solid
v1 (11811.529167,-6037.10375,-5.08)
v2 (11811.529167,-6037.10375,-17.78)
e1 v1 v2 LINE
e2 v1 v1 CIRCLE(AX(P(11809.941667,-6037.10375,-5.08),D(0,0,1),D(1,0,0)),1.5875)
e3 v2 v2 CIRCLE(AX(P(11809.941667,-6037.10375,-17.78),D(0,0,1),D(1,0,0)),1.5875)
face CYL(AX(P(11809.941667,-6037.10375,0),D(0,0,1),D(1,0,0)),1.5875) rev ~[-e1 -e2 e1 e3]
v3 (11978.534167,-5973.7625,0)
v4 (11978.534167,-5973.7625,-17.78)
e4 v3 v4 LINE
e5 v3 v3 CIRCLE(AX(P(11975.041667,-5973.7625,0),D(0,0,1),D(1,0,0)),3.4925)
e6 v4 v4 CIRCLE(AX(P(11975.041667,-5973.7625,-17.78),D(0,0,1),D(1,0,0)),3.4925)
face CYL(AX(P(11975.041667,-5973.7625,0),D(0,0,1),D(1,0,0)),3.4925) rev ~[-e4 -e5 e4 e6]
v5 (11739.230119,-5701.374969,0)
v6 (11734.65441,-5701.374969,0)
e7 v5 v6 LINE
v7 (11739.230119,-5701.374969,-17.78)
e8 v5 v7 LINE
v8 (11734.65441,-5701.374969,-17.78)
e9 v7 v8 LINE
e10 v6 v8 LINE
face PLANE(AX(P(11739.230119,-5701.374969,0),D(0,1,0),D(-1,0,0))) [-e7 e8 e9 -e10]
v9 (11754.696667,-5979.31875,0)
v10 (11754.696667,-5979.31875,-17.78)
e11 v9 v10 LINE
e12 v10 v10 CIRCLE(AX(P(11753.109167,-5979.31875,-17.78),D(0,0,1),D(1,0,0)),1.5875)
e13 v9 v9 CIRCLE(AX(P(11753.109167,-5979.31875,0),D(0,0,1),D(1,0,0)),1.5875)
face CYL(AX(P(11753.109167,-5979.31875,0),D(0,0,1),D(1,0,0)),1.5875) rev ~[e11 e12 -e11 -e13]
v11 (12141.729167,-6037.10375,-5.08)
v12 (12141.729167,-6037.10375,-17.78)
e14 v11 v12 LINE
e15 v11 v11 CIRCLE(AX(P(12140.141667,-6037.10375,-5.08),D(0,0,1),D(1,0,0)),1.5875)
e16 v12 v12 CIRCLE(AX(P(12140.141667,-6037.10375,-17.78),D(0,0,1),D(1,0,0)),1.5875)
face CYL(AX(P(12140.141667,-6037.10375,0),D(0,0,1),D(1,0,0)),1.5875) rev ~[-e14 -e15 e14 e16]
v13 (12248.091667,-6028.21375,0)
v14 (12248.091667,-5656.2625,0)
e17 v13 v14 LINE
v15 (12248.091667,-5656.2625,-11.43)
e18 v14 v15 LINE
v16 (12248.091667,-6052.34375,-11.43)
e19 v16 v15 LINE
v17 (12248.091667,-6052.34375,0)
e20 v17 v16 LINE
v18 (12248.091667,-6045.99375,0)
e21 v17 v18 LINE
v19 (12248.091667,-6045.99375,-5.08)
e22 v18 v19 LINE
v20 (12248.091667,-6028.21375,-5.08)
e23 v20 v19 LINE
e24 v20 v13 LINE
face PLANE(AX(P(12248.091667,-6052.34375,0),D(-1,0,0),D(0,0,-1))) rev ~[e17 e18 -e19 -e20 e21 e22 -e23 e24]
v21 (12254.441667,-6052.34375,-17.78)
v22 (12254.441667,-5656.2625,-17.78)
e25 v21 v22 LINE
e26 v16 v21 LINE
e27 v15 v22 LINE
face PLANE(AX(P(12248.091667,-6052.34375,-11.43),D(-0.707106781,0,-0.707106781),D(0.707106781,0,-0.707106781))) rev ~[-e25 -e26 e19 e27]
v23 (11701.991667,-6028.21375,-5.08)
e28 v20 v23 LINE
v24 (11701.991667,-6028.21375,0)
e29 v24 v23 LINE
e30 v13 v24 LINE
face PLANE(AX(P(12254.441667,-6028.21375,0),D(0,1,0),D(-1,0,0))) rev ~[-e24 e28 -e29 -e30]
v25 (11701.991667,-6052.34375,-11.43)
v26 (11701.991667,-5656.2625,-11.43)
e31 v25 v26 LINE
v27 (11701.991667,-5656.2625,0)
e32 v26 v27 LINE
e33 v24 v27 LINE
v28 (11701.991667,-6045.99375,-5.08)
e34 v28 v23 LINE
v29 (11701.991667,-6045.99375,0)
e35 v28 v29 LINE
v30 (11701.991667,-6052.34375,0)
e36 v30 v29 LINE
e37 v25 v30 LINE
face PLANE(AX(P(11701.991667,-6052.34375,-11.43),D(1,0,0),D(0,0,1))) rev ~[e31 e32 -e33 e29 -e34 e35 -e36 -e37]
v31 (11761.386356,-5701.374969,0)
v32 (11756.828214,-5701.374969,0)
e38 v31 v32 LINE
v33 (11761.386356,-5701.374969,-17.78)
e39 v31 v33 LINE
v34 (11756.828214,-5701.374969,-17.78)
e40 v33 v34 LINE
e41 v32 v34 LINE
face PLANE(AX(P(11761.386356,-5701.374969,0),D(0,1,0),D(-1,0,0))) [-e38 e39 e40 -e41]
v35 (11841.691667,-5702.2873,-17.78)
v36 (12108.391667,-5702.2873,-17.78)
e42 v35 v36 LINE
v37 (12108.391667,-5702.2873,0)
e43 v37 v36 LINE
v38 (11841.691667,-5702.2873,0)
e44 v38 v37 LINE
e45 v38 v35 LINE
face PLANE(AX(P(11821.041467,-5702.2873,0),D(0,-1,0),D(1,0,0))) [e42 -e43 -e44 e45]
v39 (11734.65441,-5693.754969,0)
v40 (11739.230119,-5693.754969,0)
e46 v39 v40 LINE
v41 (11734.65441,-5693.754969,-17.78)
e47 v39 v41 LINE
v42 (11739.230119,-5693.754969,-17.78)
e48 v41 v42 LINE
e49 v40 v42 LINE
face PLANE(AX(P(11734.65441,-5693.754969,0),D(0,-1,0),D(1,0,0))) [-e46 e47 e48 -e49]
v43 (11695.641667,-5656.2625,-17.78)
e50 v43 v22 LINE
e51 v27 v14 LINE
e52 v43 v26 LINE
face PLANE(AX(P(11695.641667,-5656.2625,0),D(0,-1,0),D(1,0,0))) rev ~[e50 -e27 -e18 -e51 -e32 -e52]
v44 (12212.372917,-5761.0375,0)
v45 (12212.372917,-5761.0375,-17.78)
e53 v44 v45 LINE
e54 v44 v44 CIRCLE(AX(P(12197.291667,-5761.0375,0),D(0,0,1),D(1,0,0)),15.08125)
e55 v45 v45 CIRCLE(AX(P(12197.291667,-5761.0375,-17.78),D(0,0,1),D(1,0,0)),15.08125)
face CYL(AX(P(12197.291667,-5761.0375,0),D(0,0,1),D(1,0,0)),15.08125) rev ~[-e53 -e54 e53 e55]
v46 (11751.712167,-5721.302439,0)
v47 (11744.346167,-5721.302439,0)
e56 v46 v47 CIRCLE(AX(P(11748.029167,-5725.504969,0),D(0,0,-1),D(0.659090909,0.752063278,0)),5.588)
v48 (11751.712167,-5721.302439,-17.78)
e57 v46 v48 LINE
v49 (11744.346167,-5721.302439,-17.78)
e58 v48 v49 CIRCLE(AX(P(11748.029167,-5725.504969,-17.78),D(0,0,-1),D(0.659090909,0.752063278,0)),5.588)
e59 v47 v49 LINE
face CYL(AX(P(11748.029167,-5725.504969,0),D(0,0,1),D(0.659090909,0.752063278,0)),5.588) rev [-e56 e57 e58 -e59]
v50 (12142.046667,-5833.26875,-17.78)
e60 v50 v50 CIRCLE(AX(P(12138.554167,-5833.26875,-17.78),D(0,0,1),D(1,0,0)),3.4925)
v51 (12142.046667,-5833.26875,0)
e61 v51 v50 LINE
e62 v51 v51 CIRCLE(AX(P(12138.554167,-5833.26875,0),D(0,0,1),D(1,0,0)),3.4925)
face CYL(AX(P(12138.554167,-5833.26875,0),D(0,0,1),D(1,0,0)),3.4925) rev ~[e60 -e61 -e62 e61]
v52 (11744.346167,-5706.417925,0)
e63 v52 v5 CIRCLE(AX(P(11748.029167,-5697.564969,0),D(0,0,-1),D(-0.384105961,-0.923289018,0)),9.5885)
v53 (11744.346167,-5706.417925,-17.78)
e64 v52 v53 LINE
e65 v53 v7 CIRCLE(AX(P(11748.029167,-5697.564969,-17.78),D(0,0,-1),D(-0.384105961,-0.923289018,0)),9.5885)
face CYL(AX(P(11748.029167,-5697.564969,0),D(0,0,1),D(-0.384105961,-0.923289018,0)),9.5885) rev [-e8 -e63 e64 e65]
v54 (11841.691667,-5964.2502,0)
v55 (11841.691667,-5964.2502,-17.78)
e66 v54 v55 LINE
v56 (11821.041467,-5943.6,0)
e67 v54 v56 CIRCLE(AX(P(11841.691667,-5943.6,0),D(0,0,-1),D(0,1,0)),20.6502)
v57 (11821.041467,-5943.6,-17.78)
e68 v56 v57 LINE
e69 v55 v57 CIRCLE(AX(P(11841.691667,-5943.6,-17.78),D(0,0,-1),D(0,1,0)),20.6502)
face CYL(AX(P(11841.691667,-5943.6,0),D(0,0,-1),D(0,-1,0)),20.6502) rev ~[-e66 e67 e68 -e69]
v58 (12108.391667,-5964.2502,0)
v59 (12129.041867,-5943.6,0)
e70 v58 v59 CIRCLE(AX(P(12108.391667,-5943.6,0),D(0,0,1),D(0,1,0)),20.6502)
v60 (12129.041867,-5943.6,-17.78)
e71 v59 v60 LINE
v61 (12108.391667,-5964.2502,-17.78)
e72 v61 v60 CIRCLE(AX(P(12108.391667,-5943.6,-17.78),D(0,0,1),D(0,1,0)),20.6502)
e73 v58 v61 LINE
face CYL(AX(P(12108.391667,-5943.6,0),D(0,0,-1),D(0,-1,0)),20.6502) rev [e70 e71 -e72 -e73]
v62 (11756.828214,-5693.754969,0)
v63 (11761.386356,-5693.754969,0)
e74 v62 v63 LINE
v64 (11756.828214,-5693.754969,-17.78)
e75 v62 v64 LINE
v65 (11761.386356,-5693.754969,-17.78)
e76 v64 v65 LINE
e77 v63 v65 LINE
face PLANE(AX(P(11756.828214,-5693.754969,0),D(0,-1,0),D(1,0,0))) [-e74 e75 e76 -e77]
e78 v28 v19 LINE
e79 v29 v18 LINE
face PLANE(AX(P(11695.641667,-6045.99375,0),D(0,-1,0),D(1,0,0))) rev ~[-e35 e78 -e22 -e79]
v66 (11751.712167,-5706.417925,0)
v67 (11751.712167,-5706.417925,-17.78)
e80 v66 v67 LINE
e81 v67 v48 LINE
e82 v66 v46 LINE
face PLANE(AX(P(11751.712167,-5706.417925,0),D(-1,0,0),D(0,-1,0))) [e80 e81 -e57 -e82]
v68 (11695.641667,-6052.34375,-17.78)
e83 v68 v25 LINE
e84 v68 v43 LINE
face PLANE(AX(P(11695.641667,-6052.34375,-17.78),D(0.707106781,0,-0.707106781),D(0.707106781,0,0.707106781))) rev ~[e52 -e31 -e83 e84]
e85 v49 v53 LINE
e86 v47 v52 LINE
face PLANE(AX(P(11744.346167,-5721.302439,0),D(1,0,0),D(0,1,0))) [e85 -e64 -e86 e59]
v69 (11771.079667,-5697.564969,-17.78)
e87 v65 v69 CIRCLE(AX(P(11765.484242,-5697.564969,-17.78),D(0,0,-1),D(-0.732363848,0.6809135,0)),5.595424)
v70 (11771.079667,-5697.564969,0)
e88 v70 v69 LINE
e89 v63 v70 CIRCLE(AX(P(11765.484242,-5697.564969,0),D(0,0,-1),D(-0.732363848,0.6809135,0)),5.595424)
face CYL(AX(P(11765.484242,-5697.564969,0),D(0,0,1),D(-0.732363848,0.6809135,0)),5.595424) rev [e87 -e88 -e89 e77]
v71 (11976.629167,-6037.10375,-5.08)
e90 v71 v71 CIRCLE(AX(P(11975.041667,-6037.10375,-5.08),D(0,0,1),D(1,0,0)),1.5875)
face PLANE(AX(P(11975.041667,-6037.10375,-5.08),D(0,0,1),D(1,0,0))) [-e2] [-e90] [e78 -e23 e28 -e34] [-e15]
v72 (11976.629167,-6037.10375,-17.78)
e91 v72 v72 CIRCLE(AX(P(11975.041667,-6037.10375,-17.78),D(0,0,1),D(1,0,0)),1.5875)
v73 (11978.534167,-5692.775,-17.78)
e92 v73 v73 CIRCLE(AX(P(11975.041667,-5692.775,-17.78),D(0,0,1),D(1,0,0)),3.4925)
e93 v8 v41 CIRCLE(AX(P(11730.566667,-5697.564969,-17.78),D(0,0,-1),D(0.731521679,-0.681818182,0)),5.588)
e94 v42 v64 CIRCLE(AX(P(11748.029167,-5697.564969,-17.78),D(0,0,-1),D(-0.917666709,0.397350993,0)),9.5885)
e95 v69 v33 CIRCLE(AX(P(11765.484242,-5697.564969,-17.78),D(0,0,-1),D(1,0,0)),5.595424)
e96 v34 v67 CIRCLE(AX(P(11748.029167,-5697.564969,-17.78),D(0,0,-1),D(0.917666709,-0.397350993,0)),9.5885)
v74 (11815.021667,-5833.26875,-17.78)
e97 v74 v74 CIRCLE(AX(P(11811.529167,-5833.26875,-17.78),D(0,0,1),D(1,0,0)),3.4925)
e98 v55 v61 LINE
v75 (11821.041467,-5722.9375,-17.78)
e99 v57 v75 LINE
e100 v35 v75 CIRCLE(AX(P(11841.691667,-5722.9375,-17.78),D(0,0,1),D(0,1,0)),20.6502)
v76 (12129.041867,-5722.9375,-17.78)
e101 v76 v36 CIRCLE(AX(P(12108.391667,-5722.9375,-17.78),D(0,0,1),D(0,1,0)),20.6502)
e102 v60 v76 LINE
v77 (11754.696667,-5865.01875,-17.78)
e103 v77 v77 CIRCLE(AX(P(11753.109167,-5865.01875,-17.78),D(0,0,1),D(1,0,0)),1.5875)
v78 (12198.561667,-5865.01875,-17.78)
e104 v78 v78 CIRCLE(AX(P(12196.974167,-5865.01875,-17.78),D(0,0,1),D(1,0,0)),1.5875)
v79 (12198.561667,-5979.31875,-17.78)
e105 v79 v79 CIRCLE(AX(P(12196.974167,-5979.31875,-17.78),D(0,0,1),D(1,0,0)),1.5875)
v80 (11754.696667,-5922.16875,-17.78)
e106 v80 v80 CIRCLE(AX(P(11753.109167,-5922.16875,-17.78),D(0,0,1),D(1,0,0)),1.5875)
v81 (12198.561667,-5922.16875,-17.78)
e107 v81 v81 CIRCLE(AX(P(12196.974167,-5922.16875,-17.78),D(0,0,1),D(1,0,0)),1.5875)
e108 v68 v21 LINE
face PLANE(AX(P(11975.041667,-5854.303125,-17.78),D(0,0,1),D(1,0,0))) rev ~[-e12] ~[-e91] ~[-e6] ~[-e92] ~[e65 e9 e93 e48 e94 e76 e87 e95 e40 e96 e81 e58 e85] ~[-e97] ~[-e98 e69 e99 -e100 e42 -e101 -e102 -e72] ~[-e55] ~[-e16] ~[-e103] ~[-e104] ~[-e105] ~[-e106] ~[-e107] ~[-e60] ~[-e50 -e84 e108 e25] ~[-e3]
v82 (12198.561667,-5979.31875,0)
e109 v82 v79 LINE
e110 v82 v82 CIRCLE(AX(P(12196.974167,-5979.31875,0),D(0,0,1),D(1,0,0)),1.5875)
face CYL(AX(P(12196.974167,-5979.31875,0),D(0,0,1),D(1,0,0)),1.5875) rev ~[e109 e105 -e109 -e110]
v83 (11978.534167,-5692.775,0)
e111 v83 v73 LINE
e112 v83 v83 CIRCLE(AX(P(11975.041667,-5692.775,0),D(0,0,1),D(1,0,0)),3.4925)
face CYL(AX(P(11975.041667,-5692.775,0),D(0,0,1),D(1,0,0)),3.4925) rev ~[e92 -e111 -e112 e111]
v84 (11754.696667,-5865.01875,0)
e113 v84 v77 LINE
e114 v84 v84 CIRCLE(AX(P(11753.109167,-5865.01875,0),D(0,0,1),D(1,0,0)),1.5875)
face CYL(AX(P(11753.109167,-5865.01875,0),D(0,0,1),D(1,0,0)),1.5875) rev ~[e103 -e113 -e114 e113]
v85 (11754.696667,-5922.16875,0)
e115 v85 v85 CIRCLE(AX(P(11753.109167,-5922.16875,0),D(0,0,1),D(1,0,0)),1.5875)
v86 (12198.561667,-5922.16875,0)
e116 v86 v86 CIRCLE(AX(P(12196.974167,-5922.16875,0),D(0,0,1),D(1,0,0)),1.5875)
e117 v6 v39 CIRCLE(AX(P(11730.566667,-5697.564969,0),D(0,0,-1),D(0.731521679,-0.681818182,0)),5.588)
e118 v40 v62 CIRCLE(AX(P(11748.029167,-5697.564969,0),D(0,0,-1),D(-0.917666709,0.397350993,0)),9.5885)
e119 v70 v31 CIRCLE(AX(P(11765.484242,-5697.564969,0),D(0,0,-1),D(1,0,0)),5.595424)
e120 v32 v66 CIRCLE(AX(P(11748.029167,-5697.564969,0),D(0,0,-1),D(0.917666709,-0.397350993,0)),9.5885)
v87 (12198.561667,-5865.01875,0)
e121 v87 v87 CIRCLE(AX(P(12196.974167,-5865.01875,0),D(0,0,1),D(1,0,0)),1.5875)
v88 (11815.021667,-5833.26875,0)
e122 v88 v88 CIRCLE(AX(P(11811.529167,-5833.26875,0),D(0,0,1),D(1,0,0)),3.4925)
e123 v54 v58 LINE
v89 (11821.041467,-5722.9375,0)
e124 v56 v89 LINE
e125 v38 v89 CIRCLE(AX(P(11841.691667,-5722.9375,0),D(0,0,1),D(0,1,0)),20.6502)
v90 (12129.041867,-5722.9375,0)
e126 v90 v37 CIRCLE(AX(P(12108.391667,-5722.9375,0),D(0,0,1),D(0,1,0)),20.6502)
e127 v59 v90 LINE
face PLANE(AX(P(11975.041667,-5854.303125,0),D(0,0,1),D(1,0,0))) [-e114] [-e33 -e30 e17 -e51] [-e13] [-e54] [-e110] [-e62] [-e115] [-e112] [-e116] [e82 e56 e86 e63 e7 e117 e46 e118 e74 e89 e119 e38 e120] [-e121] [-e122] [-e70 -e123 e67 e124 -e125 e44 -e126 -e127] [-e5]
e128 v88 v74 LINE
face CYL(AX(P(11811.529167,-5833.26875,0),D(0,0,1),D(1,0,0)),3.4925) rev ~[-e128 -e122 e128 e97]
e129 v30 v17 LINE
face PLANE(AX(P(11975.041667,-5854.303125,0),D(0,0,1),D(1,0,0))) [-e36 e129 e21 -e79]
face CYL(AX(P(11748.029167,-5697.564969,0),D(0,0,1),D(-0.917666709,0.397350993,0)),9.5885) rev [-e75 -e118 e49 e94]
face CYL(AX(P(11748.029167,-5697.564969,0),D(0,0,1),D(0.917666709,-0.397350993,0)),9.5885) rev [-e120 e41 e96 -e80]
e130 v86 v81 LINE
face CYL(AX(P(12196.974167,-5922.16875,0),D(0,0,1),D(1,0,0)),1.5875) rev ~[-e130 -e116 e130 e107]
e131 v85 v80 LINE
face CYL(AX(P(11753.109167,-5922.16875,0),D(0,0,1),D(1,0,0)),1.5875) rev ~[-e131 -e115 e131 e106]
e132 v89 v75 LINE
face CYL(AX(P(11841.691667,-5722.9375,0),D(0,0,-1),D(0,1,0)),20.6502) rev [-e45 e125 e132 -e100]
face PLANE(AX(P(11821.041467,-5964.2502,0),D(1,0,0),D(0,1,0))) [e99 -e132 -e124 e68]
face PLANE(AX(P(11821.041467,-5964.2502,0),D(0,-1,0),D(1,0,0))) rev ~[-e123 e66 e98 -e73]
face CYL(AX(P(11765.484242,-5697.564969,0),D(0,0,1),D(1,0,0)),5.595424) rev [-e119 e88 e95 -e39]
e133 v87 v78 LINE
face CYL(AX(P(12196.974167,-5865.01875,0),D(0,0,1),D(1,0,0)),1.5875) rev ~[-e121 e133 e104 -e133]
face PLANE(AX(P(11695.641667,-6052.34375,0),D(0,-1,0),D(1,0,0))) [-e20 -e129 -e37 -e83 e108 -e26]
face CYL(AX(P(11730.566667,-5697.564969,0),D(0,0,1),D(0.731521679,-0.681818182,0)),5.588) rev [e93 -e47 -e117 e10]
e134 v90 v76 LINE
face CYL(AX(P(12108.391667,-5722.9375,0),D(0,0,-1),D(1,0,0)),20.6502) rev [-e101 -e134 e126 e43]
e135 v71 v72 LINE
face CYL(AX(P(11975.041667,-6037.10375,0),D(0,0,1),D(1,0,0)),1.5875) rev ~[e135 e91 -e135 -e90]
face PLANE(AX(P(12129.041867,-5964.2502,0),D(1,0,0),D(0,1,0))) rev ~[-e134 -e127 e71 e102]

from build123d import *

# Parameters (mm, degrees)
SKETCH2_W          = 558.8
SKETCH2_H          = 396.08125
EXTRUDE1_DEPTH     = 17.78
SKETCH3_R          = 15.08125
SKETCH3_R_2        = 3.4925
SKETCH3_R_3        = 1.5875
SKETCH3_W          = 308.0004
SKETCH3_H          = 261.9629
CUT_EXTRUDE1_DEPTH = 17.78
CUT_EXTRUDE2_DEPTH = 5.08
CUT_EXTRUDE4_DEPTH = 396.08125
FILLET1_R          = 20.6502


with BuildPart() as part:
    # Sketch2 → Extrude1 (new body)
    with BuildSketch(Plane.XY):
        with Locations((11975.041666666, -5854.303125)):
            Rectangle(SKETCH2_W, SKETCH2_H)
    extrude(amount=-EXTRUDE1_DEPTH)

    # Sketch3 → Cut-Extrude1 (cut)
    with BuildSketch(Plane.XY):
        with Locations((12197.291666666, -5761.0375)):
            Circle(SKETCH3_R)
        with Locations((12138.554166666, -5833.26875)):
            Circle(SKETCH3_R_2)
        with Locations((12196.974166666, -5865.01875)):
            Circle(SKETCH3_R_3)
        with Locations((12196.974166666, -5922.16875)):
            Circle(SKETCH3_R_3)
        with Locations((12196.974166666, -5979.31875)):
            Circle(SKETCH3_R_3)
        with Locations((12140.141666666, -6037.10375)):
            Circle(SKETCH3_R_3)
        with Locations((11975.041666666, -6037.10375)):
            Circle(SKETCH3_R_3)
        with Locations((11809.941666666, -6037.10375)):
            Circle(SKETCH3_R_3)
        with Locations((11753.109166666, -5979.31875)):
            Circle(SKETCH3_R_3)
        with Locations((11753.109166666, -5922.16875)):
            Circle(SKETCH3_R_3)
        with Locations((11753.109166666, -5865.01875)):
            Circle(SKETCH3_R_3)
        with Locations((11811.529166666, -5833.26875)):
            Circle(SKETCH3_R_2)
        with Locations((11975.041666666, -5973.7625)):
            Circle(SKETCH3_R_2)
        with Locations((11975.041666666, -5692.775)):
            Circle(SKETCH3_R_2)
        with Locations((11975.041666666, -5833.26875)):
            Rectangle(SKETCH3_W, SKETCH3_H)
        with BuildLine():
            Line((11734.654409808, -5693.754968556), (11739.23011943, -5693.754968556))
            ThreePointArc((11739.23011943, -5693.754968556), (11748.029166666, -5687.976468556), (11756.828213901, -5693.754968556))
            Line((11756.828213901, -5693.754968556), (11761.386355753, -5693.754968556))
            ThreePointArc((11761.386355753, -5693.754968556), (11767.531113043, -5692.357368906), (11771.079666666, -5697.564968556))
            ThreePointArc((11771.079666666, -5697.564968556), (11767.531113043, -5702.772568206), (11761.386355753, -5701.374968556))
            Line((11761.386355753, -5701.374968556), (11756.828213901, -5701.374968556))
            ThreePointArc((11756.828213901, -5701.374968556), (11754.760305425, -5704.393665595), (11751.712166666, -5706.417925308))
            Line((11751.712166666, -5706.417925308), (11751.712166666, -5721.30243896))
            ThreePointArc((11751.712166666, -5721.30243896), (11748.029166666, -5731.092968556), (11744.346166666, -5721.30243896))
            Line((11744.346166666, -5721.30243896), (11744.346166666, -5706.417925308))
            ThreePointArc((11744.346166666, -5706.417925308), (11741.298027907, -5704.393665595), (11739.23011943, -5701.374968556))
            Line((11739.23011943, -5701.374968556), (11734.654409809, -5701.374968556))
            ThreePointArc((11734.654409809, -5701.374968556), (11724.978666666, -5697.564968556), (11734.654409808, -5693.754968556))
        make_face()
    extrude(amount=-CUT_EXTRUDE1_DEPTH, mode=Mode.SUBTRACT)

    # Sketch4 → Cut-Extrude2 (cut)
    with BuildSketch(Plane.XY):
        Polygon((11975.041666666, -6028.21375), (11695.641666666, -6028.21375), (11695.641666666, -6045.99375), (12254.441666666, -6045.99375), (12254.441666666, -6028.21375), align=None)
    extrude(amount=-CUT_EXTRUDE2_DEPTH, mode=Mode.SUBTRACT)

    # Sketch7 → Cut-Extrude4 (cut)
    with BuildSketch(Plane.XZ.offset(6052.34375)):
        Polygon((11701.991666666, -11.43), (11701.991666666, 0), (11695.641666666, 0), (11695.641666666, -17.78), align=None)
        Polygon((12248.091666666, -11.43), (12254.441666666, -17.78), (12254.441666666, 0), (12248.091666666, 0), align=None)
    extrude(amount=-CUT_EXTRUDE4_DEPTH, mode=Mode.SUBTRACT)

    # Fillet1
    fillet1_edges = [part.edges().sort_by_distance(p)[0] for p in [
        (11821.041466666, -5964.2502, -8.89),
        (11821.041466666, -5702.2873, -8.89),
        (12129.041866666, -5702.2873, -8.89),
        (12129.041866666, -5964.2502, -8.89),
    ]]
    fillet(fillet1_edges, radius=FILLET1_R)


solid = part.part
